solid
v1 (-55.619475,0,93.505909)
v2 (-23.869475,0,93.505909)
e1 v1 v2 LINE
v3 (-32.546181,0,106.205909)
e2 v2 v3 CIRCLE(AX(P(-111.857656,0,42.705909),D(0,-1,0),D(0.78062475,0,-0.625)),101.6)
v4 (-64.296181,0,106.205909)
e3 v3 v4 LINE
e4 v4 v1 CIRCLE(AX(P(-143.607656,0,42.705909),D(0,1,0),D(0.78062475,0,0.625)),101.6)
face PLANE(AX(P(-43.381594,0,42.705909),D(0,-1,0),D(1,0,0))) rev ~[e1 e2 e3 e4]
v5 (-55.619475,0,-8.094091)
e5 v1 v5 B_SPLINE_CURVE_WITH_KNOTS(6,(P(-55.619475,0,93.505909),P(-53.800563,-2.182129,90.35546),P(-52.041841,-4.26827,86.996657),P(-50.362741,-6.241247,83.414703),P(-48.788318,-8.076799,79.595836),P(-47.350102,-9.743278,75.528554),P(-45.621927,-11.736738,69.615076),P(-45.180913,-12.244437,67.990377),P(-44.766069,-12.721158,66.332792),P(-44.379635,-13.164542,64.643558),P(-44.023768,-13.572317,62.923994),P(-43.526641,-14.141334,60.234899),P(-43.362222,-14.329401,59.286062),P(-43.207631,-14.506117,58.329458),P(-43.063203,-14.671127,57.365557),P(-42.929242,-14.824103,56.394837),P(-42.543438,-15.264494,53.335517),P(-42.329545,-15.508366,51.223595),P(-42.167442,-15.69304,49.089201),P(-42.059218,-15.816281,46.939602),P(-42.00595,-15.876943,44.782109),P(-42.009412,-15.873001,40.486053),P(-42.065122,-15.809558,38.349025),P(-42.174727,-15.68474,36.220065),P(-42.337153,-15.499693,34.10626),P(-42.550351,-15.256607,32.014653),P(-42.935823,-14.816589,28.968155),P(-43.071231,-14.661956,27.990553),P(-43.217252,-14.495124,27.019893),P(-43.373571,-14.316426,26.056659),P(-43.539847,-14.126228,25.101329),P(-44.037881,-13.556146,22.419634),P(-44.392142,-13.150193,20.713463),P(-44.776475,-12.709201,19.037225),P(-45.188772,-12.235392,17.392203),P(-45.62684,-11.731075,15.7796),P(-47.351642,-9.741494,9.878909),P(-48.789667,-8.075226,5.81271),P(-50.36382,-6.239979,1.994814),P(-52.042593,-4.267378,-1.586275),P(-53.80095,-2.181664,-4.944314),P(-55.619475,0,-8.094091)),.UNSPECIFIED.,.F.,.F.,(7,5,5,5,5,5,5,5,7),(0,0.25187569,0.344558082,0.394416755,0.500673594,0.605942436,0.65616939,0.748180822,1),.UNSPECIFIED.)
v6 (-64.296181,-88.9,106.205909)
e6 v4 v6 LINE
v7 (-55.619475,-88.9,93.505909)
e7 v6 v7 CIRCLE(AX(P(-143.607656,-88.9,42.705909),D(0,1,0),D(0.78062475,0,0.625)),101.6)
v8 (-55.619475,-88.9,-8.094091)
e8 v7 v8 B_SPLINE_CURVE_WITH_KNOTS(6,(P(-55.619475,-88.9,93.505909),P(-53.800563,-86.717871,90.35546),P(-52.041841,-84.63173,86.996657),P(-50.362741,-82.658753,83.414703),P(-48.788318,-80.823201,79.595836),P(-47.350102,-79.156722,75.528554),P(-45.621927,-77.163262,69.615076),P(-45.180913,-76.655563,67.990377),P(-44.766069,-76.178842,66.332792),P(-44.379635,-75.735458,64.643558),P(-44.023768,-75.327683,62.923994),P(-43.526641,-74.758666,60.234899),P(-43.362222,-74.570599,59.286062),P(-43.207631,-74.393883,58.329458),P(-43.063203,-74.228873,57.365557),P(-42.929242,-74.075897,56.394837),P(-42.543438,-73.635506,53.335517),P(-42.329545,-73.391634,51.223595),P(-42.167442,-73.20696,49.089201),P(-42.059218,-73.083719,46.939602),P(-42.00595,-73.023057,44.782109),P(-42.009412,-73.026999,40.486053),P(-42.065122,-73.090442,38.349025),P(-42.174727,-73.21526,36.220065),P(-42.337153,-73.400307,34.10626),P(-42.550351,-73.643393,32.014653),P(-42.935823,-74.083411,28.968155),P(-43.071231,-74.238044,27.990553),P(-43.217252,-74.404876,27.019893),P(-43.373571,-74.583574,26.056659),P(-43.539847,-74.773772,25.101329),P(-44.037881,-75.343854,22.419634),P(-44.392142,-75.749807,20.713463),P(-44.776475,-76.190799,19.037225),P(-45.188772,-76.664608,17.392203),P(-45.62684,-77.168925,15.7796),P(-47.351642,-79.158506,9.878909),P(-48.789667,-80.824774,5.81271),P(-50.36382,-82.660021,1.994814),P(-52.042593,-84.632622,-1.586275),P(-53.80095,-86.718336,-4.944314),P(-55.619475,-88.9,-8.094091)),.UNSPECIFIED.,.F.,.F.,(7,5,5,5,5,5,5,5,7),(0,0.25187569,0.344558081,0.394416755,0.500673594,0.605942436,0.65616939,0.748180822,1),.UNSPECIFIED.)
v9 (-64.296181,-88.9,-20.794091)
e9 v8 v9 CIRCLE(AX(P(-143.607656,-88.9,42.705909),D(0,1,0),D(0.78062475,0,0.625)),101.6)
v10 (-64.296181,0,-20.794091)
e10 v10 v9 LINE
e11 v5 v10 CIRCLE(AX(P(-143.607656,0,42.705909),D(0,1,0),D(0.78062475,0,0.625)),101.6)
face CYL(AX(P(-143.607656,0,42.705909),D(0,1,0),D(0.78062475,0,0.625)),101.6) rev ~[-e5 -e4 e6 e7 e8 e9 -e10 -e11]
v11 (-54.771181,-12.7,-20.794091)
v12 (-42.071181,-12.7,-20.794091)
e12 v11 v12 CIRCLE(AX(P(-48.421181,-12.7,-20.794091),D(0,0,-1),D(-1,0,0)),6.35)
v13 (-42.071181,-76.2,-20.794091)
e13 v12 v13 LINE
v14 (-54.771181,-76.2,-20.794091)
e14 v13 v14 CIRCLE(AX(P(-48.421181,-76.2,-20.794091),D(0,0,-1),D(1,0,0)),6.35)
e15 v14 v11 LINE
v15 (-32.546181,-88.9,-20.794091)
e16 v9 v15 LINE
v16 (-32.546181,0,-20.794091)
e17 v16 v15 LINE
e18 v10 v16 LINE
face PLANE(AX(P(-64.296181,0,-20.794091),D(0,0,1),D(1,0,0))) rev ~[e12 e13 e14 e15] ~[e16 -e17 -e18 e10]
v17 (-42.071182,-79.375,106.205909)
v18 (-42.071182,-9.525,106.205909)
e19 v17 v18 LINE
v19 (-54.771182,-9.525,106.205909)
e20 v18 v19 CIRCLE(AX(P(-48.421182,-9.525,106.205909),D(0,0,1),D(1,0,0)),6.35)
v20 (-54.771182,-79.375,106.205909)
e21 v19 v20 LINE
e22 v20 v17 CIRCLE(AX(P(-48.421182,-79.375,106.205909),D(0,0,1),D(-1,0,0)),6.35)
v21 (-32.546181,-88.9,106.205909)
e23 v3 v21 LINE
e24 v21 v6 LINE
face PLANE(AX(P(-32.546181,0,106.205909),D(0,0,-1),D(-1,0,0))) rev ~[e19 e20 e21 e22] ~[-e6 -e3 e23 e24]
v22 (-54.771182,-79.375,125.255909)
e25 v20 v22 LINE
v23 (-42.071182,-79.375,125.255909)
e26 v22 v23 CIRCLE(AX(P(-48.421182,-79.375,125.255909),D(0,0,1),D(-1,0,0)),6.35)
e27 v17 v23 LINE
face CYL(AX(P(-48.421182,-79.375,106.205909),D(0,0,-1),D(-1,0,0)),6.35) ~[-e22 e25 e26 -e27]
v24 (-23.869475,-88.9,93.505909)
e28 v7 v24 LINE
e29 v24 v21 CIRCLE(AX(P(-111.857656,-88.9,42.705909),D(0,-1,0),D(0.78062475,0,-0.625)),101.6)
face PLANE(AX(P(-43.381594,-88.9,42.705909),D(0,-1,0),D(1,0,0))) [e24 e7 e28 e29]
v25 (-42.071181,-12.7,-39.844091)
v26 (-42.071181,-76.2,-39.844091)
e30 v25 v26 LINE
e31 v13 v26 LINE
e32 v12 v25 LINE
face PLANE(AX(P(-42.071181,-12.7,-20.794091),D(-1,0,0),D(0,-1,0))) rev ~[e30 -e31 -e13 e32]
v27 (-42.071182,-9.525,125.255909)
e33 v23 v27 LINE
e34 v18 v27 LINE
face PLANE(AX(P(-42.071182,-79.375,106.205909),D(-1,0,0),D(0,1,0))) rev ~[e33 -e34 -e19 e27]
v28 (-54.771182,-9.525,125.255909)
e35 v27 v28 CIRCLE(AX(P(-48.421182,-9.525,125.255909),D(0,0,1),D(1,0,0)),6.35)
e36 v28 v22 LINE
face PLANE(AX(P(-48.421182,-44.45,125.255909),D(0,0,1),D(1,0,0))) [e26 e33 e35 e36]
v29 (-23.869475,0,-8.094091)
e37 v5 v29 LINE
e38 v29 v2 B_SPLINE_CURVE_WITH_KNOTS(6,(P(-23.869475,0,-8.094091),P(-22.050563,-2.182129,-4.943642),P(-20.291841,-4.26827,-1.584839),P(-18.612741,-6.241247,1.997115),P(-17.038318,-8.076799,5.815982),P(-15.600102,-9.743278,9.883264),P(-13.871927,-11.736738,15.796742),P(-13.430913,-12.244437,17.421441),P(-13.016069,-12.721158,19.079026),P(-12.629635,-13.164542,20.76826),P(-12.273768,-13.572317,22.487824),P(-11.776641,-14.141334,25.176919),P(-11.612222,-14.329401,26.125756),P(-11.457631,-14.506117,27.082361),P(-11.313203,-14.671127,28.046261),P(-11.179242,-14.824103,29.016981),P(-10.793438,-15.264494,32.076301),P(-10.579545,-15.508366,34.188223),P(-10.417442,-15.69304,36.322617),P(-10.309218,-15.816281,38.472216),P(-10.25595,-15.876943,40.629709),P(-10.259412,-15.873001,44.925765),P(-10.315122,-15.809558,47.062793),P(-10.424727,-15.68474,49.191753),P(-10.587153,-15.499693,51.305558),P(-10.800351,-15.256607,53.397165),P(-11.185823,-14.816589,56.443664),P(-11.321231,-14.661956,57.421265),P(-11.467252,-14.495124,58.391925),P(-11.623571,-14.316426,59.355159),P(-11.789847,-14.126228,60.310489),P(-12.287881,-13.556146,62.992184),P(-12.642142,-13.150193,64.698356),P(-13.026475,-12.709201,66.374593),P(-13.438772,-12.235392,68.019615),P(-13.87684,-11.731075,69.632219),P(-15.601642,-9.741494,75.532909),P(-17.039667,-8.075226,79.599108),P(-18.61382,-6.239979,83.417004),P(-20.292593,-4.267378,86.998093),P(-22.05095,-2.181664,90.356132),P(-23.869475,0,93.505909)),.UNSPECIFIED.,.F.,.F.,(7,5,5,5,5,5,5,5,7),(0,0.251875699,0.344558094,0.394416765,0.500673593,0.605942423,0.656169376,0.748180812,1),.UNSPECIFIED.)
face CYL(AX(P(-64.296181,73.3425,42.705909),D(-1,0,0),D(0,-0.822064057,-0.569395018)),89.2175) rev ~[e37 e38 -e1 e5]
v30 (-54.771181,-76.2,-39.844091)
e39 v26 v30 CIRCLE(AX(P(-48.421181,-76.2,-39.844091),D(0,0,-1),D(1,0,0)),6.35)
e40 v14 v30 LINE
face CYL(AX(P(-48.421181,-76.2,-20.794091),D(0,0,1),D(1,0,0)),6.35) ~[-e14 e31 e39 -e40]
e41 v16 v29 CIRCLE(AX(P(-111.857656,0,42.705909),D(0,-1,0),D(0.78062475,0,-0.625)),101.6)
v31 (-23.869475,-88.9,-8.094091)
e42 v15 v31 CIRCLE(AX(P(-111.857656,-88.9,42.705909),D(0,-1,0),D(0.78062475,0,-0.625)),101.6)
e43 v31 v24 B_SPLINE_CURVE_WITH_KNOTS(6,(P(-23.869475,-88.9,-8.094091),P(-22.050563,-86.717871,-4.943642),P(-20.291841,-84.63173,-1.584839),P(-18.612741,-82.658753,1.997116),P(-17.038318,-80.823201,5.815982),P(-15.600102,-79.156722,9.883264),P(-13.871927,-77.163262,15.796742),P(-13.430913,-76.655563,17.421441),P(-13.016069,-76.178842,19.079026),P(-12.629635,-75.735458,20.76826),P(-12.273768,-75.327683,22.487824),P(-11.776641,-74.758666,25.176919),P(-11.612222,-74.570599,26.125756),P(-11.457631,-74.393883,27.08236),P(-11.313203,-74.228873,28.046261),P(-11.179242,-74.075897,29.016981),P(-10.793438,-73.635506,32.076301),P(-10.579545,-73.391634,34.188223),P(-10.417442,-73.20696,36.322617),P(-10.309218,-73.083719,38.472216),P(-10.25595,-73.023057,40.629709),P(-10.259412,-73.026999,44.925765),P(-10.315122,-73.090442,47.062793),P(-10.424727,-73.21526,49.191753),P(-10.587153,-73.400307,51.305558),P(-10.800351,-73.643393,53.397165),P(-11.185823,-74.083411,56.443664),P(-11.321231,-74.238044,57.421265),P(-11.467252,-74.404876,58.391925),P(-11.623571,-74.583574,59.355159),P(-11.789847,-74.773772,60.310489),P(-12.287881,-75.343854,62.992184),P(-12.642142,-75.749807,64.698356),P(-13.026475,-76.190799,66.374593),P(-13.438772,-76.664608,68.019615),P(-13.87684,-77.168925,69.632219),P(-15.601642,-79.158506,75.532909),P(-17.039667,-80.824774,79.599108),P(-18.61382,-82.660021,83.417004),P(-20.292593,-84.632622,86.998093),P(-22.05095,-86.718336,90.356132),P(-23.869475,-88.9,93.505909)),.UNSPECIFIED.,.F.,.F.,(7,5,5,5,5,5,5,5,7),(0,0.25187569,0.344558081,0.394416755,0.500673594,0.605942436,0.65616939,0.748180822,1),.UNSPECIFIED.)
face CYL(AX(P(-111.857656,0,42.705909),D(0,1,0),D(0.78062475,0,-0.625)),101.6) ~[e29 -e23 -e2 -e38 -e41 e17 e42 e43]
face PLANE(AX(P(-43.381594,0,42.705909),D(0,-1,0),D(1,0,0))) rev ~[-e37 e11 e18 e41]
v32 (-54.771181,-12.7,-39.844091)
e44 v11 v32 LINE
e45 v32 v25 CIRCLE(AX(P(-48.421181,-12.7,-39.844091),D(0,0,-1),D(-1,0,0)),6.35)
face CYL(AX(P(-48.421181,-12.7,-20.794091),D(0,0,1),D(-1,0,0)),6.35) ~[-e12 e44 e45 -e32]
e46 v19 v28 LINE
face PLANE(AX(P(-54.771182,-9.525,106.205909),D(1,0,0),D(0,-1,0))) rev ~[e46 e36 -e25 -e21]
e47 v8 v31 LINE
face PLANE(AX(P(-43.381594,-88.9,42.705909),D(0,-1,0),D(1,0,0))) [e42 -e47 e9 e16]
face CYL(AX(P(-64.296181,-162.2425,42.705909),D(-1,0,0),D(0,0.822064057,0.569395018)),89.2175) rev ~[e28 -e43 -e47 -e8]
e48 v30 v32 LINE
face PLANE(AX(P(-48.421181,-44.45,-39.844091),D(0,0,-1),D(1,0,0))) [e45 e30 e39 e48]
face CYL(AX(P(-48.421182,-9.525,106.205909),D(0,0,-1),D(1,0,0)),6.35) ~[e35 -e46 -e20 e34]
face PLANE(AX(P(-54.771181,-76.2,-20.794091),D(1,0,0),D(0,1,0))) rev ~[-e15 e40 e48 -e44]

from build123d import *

# Parameters (mm, degrees)
F1_DEPTH = 88.9
F3_DEPTH = 19.05
F5_DEPTH = 19.05
F8_DEPTH = 54.0395254203


with BuildPart() as f1:
    # F0 (on Front) → F1 (new body)
    with BuildSketch(Plane.XZ):
        with BuildLine():
            Line((-32.5461814261, -20.7940909142), (-32.5461814261, 106.2059090858))
            Line((-32.5461814261, 106.2059090858), (-64.2961814261, 106.2059090858))
            ThreePointArc((-64.2961814261, 106.2059090858), (-42.0076560058, 42.7059090858), (-64.2961814261, -20.7940909142))
            Line((-64.2961814261, -20.7940909142), (-32.5461814261, -20.7940909142))
        make_face()
        with BuildLine():
            ThreePointArc((-32.5461814261, -20.7940909142), (-10.2576560058, 42.7059090858), (-32.5461814261, 106.2059090858))
            Line((-32.5461814261, 106.2059090858), (-32.5461814261, -20.7940909142))
        make_face()
    extrude(amount=F1_DEPTH)

    # F2 (on face) → F3 (join)
    with BuildSketch(Plane(origin=(0, 0, -20.7940909142), x_dir=(1, 0, 0), z_dir=(0, 0, -1))):
        with BuildLine():
            Line((-42.0711814261, 12.7), (-42.0711814261, 76.2))
            ThreePointArc((-42.0711814261, 76.2), (-48.4211814261, 82.55), (-54.7711814261, 76.2))
            Line((-54.7711814261, 76.2), (-54.7711814261, 12.7))
            ThreePointArc((-54.7711814261, 12.7), (-48.4211814261, 6.35), (-42.0711814261, 12.7))
        make_face()
    extrude(amount=F3_DEPTH)

    # F4 (on face) → F5 (join)
    with BuildSketch(Plane.XY.offset(106.2059090858)):
        with BuildLine():
            Line((-42.0711817384, -79.375), (-42.0711817384, -9.525))
            ThreePointArc((-42.0711817384, -9.525), (-48.4211817384, -3.175), (-54.7711817384, -9.525))
            Line((-54.7711817384, -9.525), (-54.7711817384, -79.375))
            ThreePointArc((-54.7711817384, -79.375), (-48.4211817384, -85.725), (-42.0711817384, -79.375))
        make_face()
    extrude(amount=F5_DEPTH)

    # F7 (on 3pt) → F8 (cut, through all)
    with BuildSketch(Plane(origin=(-64.2961814261, 0, 0), x_dir=(0, -1, 0), z_dir=(-1, 0, 0))):
        with BuildLine():
            Line((-11.4886816591, -8.6150756106), (0, -8.0940909142))
            ThreePointArc((0, -8.0940909142), (15.875, 42.7059090858), (0, 93.5059090858))
            Line((0, 93.5059090858), (-11.4886816591, 93.5059090858))
            Line((-11.4886816591, 93.5059090858), (-11.4886816591, -8.6150756106))
        make_face()
        with BuildLine():
            ThreePointArc((88.9, 93.5059090858), (73.025, 42.7059090858), (88.9, -8.0940909142))
            Line((88.9, -8.0940909142), (100.3886816591, -8.6150756106))
            Line((100.3886816591, -8.6150756106), (100.3886816591, 93.5059090858))
            Line((100.3886816591, 93.5059090858), (88.9, 93.5059090858))
        make_face()
    extrude(amount=-F8_DEPTH, mode=Mode.SUBTRACT)


solid = f1.part
